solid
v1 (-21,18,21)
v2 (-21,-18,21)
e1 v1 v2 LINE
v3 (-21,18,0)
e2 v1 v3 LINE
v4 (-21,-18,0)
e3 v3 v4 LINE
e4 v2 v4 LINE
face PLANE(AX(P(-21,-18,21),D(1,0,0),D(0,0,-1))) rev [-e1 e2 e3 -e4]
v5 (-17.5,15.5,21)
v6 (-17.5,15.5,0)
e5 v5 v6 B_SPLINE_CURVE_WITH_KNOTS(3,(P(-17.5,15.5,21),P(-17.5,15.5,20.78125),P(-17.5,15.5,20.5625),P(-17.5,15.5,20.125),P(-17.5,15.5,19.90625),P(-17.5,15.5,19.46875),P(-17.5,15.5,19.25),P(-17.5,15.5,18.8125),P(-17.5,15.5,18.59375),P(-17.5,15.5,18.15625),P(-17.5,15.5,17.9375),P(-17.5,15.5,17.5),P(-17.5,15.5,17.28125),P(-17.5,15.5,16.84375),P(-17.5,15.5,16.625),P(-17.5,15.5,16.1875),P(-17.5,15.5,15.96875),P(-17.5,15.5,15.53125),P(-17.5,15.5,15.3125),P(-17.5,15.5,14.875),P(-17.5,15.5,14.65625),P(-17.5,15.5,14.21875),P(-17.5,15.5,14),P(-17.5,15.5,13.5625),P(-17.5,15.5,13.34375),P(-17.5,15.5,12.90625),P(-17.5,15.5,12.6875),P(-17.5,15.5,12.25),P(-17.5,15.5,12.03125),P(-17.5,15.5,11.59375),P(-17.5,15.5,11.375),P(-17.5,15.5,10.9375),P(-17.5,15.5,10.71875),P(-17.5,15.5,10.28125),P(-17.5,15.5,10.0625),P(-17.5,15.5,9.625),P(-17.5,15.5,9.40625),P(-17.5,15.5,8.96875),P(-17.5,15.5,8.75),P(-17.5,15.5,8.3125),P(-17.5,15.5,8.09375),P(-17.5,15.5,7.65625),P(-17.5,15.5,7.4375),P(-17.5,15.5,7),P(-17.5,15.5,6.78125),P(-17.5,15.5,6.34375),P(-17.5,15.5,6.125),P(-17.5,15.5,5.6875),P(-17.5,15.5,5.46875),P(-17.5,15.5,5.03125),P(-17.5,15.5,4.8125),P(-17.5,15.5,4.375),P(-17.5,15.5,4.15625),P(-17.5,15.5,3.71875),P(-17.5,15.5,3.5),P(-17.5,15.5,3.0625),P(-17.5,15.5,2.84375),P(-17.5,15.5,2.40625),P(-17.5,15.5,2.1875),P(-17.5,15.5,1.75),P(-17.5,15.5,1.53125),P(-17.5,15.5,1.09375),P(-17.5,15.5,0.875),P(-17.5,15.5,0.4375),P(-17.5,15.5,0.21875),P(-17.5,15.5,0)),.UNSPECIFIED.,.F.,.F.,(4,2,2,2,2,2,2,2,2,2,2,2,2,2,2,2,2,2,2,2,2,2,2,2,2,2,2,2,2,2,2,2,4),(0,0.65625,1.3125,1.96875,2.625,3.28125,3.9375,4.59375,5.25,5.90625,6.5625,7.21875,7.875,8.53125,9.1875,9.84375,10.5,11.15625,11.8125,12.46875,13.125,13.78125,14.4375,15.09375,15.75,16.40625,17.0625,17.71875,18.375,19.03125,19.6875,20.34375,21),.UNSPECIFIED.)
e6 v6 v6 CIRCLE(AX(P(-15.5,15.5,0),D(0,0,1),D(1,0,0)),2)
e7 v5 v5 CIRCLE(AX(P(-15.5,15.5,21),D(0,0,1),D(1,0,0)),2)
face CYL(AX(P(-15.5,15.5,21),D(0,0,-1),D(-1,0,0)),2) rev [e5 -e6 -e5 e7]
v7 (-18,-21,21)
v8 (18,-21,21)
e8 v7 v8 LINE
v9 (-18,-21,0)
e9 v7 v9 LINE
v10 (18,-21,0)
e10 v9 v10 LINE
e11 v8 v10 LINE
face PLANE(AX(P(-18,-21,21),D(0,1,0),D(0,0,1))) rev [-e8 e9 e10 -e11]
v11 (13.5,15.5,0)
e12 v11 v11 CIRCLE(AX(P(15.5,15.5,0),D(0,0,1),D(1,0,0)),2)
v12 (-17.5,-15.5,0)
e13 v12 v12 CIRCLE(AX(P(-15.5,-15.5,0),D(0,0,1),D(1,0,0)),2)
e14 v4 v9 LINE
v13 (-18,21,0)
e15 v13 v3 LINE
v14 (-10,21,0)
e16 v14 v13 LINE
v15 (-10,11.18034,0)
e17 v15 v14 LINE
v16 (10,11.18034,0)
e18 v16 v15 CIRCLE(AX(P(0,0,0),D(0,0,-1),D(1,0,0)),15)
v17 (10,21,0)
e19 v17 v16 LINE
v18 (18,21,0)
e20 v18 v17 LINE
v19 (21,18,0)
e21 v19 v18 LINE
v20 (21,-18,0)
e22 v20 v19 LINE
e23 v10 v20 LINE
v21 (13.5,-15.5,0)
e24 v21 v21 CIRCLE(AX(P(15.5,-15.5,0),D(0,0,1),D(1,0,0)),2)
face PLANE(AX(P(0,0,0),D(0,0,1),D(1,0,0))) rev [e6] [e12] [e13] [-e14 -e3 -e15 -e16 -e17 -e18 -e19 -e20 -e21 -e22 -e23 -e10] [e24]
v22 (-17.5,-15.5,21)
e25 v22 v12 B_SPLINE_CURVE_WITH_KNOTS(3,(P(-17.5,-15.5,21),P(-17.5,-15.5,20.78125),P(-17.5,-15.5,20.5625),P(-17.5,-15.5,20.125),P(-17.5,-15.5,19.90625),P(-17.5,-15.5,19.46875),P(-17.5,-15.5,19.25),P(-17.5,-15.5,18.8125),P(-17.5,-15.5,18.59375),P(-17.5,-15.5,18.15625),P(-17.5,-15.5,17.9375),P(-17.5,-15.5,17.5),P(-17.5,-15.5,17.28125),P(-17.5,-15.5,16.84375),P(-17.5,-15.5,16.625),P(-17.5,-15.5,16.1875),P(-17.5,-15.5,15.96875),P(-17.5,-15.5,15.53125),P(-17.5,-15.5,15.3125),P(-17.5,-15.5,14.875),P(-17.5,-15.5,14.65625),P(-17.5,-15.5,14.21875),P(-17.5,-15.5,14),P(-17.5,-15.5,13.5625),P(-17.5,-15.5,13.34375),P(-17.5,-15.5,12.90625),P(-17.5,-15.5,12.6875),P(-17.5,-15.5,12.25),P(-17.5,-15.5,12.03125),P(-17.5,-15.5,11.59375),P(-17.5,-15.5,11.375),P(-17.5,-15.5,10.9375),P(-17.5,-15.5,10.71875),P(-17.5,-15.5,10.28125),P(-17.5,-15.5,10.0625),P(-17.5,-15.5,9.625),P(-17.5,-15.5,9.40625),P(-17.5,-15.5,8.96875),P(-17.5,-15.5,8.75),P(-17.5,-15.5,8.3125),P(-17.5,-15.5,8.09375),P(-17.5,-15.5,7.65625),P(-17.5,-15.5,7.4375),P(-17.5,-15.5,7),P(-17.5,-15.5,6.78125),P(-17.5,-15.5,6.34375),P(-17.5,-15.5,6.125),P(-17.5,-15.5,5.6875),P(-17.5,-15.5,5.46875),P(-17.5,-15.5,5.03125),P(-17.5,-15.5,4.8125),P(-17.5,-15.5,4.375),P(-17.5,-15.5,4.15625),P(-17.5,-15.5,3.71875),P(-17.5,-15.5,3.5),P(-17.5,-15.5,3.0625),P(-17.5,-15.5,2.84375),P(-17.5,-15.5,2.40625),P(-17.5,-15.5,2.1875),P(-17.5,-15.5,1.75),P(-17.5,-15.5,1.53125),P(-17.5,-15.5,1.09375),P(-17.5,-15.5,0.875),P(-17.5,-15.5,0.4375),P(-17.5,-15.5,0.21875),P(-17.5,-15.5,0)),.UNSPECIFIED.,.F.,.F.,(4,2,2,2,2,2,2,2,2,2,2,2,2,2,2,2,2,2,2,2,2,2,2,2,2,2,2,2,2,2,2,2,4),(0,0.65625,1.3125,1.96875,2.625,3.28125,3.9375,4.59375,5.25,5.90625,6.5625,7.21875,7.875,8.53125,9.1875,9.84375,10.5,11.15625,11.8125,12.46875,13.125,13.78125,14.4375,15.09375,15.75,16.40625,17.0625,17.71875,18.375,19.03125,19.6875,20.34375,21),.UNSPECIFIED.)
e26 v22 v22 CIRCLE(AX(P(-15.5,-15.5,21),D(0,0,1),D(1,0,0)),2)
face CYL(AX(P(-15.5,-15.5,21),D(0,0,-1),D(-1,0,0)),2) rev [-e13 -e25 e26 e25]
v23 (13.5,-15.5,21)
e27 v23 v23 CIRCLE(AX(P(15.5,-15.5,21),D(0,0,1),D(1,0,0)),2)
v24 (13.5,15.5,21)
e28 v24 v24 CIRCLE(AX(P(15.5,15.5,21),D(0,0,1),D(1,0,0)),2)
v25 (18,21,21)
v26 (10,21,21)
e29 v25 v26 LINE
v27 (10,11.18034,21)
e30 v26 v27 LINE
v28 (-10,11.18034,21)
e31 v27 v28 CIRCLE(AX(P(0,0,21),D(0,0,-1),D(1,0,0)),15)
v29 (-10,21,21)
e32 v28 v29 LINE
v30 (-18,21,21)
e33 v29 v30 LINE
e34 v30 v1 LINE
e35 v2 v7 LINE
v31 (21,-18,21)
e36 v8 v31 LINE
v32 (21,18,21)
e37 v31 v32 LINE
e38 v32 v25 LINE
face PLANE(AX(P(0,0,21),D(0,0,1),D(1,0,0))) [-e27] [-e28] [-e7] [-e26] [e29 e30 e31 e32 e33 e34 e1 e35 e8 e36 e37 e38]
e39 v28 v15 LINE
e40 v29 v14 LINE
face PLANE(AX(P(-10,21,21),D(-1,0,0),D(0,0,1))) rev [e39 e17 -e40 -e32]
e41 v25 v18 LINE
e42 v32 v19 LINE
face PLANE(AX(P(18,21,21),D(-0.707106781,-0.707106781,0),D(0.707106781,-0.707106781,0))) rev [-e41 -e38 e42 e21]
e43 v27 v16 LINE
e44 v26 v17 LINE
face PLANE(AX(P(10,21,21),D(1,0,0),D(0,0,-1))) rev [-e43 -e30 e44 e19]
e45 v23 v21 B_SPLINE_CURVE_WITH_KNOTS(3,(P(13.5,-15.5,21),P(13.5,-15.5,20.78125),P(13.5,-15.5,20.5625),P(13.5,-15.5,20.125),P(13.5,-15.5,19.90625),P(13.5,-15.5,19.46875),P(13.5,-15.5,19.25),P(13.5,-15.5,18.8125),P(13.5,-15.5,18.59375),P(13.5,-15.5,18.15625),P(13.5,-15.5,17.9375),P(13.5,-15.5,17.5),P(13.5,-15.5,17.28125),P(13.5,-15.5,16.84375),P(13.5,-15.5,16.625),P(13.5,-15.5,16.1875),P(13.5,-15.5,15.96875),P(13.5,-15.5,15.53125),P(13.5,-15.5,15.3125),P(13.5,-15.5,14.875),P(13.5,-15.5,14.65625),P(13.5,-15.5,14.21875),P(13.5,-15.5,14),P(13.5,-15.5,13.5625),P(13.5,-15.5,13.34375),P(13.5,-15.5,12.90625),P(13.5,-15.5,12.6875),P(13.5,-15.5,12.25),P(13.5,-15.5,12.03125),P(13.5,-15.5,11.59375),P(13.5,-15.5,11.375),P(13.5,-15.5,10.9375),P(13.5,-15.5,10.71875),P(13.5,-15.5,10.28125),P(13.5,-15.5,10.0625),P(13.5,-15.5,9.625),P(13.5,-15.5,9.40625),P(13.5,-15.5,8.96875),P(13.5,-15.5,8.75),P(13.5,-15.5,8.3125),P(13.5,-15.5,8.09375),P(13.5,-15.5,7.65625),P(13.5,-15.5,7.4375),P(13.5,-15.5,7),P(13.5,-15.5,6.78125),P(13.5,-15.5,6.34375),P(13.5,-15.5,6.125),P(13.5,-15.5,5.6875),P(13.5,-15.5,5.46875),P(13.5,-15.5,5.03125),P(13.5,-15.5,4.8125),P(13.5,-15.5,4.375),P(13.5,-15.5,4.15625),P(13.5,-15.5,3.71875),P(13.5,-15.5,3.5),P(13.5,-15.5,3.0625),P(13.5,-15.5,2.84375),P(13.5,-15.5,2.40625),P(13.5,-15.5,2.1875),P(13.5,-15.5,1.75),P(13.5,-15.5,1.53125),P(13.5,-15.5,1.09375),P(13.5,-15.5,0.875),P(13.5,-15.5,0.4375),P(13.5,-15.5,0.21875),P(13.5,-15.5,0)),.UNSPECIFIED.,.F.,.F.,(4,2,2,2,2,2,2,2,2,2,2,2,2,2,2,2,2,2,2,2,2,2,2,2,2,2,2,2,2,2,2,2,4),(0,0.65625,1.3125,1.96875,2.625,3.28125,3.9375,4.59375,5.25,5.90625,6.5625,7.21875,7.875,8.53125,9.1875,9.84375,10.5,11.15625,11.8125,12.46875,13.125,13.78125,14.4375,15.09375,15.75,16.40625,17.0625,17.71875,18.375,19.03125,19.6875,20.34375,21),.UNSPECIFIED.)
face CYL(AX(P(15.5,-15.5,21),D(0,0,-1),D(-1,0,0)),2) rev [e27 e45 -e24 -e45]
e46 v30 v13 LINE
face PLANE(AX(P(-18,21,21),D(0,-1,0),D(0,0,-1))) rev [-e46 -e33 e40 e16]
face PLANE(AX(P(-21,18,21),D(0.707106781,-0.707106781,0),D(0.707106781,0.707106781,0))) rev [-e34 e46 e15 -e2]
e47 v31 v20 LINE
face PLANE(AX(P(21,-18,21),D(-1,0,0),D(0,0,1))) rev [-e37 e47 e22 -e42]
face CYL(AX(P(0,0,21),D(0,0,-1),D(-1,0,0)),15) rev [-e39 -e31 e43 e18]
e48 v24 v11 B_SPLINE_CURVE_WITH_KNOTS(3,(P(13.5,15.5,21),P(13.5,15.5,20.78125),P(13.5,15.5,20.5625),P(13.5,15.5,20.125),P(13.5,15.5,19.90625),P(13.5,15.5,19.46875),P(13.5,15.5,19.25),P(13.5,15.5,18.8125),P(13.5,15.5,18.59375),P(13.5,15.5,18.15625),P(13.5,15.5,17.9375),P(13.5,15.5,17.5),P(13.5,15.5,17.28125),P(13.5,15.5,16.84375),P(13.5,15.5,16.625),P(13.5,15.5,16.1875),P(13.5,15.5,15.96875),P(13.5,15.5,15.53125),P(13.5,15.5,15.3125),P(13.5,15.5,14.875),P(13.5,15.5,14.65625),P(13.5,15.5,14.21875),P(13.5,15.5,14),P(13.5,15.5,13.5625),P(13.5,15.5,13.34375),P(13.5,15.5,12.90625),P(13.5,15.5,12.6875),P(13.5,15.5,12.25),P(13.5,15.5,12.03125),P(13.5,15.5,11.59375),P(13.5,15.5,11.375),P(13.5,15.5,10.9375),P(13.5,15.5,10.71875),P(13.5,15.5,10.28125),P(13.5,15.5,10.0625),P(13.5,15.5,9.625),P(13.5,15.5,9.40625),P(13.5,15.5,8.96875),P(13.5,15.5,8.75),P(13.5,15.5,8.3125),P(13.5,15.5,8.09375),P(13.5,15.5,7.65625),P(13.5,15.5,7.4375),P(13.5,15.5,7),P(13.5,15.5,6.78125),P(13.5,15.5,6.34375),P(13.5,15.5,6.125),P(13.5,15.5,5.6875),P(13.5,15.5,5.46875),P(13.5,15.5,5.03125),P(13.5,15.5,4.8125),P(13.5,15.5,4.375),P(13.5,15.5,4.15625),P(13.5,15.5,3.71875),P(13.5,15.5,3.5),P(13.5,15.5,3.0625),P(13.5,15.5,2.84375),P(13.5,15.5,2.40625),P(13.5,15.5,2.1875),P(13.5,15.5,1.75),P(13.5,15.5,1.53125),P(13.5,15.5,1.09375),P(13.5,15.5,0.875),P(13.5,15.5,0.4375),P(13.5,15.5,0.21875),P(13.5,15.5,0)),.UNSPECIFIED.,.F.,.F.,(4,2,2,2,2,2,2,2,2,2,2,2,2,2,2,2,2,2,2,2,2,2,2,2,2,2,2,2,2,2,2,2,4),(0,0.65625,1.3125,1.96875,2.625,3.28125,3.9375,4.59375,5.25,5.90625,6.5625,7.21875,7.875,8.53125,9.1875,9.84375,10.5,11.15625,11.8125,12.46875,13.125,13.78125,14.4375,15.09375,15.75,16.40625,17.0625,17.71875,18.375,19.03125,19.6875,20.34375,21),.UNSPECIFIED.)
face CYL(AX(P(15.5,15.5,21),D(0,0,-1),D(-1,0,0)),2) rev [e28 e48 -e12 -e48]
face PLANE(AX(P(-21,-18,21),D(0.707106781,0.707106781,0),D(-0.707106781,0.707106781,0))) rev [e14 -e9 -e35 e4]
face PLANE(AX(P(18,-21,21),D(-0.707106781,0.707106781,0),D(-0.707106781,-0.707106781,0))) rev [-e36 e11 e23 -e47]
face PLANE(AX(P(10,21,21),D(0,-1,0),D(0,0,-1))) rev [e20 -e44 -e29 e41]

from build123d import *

# Parameters (mm, degrees)
SKETCH_1_R      = 2
EXTRUDE_1_DEPTH = 21


with BuildPart() as part:
    # 草图1 → 凸台-拉伸1 (new body)
    with BuildSketch(Plane.XY):
        with BuildLine():
            Line((-21, 18), (-18, 21))
            Line((-18, 21), (-10, 21))
            Line((-10, 21), (-10, 11.180339887))
            ThreePointArc((-10, 11.180339887), (0, -15), (10, 11.180339887))
            Line((10, 11.180339887), (10, 21))
            Line((10, 21), (18, 21))
            Line((18, 21), (21, 18))
            Line((21, 18), (21, -18))
            Line((21, -18), (18, -21))
            Line((18, -21), (-18, -21))
            Line((-18, -21), (-21, -18))
            Line((-21, -18), (-21, 18))
        make_face()
        with Locations(Location((15.5, 15.5, 0), (0, 0, 180))):
            Circle(SKETCH_1_R, mode=Mode.SUBTRACT)
        with Locations(Location((15.5, -15.5, 0), (0, 0, 180))):
            Circle(SKETCH_1_R, mode=Mode.SUBTRACT)
        with Locations(Location((-15.5, -15.5, 0), (0, 0, 180))):
            Circle(SKETCH_1_R, mode=Mode.SUBTRACT)
        with Locations(Location((-15.5, 15.5, 0), (0, 0, 180))):
            Circle(SKETCH_1_R, mode=Mode.SUBTRACT)
    extrude(amount=EXTRUDE_1_DEPTH)


solid = part.part
